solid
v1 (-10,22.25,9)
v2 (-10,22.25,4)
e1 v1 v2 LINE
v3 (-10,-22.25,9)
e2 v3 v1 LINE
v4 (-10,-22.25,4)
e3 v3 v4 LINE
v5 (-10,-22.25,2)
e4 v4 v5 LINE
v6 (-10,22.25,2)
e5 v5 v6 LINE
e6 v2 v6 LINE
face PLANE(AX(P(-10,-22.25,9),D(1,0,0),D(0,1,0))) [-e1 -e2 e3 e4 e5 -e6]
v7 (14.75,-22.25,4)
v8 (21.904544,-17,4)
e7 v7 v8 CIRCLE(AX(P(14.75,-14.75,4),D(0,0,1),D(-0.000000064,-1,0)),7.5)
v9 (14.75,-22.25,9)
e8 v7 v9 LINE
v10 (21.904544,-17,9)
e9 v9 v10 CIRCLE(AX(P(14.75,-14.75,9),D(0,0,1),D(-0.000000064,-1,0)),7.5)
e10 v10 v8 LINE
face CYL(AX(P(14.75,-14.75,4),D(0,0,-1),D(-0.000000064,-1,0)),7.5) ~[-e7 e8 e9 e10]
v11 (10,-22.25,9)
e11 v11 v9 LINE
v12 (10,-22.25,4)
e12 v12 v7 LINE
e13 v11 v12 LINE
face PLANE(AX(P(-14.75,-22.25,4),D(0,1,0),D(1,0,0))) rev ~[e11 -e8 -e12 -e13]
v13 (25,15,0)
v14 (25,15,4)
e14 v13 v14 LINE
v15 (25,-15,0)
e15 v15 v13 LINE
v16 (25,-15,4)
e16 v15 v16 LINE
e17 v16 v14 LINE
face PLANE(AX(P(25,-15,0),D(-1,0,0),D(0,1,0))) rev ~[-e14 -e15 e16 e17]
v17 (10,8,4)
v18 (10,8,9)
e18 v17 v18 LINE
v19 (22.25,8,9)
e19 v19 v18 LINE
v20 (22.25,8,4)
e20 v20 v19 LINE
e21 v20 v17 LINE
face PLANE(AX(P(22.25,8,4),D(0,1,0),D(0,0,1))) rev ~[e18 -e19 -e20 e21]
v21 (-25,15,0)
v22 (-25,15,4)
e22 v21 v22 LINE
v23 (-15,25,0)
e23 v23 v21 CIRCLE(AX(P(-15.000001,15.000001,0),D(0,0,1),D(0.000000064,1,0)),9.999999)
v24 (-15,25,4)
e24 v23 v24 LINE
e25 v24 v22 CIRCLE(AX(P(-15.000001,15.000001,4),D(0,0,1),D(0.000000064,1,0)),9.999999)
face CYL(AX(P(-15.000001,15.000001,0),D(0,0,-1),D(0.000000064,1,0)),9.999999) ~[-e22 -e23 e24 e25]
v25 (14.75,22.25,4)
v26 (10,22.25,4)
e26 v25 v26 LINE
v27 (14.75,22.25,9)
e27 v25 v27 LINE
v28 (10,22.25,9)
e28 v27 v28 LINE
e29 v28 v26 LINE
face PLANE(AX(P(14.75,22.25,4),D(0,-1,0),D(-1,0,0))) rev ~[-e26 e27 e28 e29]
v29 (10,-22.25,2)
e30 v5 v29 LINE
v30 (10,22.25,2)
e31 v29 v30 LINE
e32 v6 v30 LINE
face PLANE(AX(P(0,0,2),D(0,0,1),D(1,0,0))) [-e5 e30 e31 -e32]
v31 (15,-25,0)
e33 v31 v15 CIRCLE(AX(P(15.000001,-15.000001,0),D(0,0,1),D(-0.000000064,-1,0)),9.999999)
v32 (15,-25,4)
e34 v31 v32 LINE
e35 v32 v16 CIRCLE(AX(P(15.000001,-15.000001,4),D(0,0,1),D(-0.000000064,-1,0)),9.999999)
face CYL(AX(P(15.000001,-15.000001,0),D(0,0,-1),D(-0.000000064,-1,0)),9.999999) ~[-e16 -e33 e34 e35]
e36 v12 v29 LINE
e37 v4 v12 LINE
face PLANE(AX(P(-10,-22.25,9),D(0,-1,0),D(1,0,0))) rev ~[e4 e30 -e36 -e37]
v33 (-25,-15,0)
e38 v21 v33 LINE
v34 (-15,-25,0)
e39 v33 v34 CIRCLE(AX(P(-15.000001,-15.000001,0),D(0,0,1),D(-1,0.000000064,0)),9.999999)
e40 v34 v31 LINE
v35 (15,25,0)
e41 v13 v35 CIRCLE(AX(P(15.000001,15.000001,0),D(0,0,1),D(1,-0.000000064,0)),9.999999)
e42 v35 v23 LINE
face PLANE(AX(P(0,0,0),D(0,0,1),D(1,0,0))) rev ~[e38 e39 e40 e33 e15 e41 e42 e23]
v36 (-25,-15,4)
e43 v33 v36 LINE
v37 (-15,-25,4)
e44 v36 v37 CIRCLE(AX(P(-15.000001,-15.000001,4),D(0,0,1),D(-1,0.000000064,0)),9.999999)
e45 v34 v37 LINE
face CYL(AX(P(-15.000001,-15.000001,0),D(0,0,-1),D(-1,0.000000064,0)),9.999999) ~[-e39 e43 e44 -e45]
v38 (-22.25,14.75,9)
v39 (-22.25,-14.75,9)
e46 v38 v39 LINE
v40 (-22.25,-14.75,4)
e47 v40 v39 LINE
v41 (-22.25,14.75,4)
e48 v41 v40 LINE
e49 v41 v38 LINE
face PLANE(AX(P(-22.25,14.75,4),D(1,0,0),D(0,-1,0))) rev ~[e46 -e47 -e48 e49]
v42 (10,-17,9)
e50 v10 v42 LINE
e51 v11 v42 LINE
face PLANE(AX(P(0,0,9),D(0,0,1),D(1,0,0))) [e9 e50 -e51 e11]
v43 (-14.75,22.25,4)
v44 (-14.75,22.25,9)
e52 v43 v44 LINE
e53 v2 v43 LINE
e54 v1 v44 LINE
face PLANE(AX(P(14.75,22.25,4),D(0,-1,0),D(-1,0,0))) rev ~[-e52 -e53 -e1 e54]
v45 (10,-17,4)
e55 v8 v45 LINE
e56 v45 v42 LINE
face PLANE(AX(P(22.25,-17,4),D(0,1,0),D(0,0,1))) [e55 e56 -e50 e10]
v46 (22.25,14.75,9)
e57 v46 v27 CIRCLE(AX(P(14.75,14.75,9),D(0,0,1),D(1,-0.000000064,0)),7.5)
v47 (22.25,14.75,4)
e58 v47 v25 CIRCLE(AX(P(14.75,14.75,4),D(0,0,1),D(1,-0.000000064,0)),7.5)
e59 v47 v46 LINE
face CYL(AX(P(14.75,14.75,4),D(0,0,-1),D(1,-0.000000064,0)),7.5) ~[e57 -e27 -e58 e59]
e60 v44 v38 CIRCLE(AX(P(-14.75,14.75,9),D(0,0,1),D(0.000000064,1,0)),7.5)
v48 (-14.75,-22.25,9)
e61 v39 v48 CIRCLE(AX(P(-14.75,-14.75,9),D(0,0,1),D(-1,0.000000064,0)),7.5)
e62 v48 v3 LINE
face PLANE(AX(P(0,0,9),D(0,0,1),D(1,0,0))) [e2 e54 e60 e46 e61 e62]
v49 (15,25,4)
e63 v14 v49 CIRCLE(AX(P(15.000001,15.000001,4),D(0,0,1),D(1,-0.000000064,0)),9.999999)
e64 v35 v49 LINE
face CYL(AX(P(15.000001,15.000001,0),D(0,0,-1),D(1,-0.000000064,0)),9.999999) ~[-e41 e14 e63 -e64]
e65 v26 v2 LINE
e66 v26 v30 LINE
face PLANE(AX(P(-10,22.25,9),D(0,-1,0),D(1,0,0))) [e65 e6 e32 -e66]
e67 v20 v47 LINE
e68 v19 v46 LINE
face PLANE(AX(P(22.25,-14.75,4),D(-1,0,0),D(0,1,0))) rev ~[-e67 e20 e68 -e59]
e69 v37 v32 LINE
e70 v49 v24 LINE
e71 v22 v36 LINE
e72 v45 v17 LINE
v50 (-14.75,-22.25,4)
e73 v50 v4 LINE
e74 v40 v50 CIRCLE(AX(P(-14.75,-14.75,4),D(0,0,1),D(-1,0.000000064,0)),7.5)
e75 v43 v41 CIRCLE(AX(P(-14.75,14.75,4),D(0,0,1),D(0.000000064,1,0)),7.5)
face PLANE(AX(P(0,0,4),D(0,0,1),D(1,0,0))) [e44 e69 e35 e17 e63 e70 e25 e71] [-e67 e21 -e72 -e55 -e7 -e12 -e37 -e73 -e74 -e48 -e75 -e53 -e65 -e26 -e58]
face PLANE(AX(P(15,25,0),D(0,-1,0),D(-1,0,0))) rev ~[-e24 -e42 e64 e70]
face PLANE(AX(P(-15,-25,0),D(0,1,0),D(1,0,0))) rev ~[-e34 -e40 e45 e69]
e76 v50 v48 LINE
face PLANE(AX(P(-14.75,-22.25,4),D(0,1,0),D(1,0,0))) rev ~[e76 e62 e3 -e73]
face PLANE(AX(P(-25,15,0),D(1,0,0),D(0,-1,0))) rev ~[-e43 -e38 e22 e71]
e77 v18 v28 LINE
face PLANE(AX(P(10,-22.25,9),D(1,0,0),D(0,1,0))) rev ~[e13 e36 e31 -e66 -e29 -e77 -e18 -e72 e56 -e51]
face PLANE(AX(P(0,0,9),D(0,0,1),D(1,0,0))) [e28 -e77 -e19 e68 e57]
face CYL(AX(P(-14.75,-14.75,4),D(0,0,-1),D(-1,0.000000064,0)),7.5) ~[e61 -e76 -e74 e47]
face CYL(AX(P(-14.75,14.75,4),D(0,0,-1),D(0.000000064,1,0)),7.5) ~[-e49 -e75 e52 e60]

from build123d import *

# Parameters (mm, degrees)
F1_DEPTH = 4
F3_DEPTH = 5
F4_W     = 20
F4_H     = 44.5
F5_DEPTH = 7
F6_W     = 25
F6_H     = 5
F7_DEPTH = 13


with BuildPart() as f1:
    # F0 (on Top) → F1 (new body)
    with BuildSketch(Plane.XY):
        with BuildLine():
            ThreePointArc((25, 15), (22.071068, 22.071068), (15, 25))
            Line((15, 25), (-15, 25))
            ThreePointArc((-15, 25), (-22.071068, 22.071068), (-25, 15))
            Line((-25, 15), (-25, -15))
            ThreePointArc((-25, -15), (-22.071068, -22.071068), (-15, -25))
            Line((-15, -25), (15, -25))
            ThreePointArc((15, -25), (22.071068, -22.071068), (25, -15))
            Line((25, -15), (25, 15))
        make_face()
    extrude(amount=F1_DEPTH)

    # F2 (on face) → F3 (join)
    with BuildSketch(Plane.XY.offset(4)):
        with BuildLine():
            ThreePointArc((22.25, 14.75), (20.053301, 20.053301), (14.75, 22.25))
            Line((14.75, 22.25), (-14.75, 22.25))
            ThreePointArc((-14.75, 22.25), (-20.053301, 20.053301), (-22.25, 14.75))
            Line((-22.25, 14.75), (-22.25, -14.75))
            ThreePointArc((-22.25, -14.75), (-20.053301, -20.053301), (-14.75, -22.25))
            Line((-14.75, -22.25), (14.75, -22.25))
            ThreePointArc((14.75, -22.25), (20.053301, -20.053301), (22.25, -14.75))
            Line((22.25, -14.75), (22.25, 14.75))
        make_face()
    extrude(amount=F3_DEPTH)

    # F4 (on face) → F5 (cut)
    with BuildSketch(Plane.XY.offset(9)):
        Rectangle(F4_W, F4_H)
    extrude(amount=-F5_DEPTH, mode=Mode.SUBTRACT)

    # F6 (on face) → F7 (cut)
    with BuildSketch(Plane.YZ.offset(22.25)):
        with Locations((-4.5, 6.5)):
            Rectangle(F6_W, F6_H)
    extrude(amount=-F7_DEPTH, mode=Mode.SUBTRACT)


solid = f1.part
